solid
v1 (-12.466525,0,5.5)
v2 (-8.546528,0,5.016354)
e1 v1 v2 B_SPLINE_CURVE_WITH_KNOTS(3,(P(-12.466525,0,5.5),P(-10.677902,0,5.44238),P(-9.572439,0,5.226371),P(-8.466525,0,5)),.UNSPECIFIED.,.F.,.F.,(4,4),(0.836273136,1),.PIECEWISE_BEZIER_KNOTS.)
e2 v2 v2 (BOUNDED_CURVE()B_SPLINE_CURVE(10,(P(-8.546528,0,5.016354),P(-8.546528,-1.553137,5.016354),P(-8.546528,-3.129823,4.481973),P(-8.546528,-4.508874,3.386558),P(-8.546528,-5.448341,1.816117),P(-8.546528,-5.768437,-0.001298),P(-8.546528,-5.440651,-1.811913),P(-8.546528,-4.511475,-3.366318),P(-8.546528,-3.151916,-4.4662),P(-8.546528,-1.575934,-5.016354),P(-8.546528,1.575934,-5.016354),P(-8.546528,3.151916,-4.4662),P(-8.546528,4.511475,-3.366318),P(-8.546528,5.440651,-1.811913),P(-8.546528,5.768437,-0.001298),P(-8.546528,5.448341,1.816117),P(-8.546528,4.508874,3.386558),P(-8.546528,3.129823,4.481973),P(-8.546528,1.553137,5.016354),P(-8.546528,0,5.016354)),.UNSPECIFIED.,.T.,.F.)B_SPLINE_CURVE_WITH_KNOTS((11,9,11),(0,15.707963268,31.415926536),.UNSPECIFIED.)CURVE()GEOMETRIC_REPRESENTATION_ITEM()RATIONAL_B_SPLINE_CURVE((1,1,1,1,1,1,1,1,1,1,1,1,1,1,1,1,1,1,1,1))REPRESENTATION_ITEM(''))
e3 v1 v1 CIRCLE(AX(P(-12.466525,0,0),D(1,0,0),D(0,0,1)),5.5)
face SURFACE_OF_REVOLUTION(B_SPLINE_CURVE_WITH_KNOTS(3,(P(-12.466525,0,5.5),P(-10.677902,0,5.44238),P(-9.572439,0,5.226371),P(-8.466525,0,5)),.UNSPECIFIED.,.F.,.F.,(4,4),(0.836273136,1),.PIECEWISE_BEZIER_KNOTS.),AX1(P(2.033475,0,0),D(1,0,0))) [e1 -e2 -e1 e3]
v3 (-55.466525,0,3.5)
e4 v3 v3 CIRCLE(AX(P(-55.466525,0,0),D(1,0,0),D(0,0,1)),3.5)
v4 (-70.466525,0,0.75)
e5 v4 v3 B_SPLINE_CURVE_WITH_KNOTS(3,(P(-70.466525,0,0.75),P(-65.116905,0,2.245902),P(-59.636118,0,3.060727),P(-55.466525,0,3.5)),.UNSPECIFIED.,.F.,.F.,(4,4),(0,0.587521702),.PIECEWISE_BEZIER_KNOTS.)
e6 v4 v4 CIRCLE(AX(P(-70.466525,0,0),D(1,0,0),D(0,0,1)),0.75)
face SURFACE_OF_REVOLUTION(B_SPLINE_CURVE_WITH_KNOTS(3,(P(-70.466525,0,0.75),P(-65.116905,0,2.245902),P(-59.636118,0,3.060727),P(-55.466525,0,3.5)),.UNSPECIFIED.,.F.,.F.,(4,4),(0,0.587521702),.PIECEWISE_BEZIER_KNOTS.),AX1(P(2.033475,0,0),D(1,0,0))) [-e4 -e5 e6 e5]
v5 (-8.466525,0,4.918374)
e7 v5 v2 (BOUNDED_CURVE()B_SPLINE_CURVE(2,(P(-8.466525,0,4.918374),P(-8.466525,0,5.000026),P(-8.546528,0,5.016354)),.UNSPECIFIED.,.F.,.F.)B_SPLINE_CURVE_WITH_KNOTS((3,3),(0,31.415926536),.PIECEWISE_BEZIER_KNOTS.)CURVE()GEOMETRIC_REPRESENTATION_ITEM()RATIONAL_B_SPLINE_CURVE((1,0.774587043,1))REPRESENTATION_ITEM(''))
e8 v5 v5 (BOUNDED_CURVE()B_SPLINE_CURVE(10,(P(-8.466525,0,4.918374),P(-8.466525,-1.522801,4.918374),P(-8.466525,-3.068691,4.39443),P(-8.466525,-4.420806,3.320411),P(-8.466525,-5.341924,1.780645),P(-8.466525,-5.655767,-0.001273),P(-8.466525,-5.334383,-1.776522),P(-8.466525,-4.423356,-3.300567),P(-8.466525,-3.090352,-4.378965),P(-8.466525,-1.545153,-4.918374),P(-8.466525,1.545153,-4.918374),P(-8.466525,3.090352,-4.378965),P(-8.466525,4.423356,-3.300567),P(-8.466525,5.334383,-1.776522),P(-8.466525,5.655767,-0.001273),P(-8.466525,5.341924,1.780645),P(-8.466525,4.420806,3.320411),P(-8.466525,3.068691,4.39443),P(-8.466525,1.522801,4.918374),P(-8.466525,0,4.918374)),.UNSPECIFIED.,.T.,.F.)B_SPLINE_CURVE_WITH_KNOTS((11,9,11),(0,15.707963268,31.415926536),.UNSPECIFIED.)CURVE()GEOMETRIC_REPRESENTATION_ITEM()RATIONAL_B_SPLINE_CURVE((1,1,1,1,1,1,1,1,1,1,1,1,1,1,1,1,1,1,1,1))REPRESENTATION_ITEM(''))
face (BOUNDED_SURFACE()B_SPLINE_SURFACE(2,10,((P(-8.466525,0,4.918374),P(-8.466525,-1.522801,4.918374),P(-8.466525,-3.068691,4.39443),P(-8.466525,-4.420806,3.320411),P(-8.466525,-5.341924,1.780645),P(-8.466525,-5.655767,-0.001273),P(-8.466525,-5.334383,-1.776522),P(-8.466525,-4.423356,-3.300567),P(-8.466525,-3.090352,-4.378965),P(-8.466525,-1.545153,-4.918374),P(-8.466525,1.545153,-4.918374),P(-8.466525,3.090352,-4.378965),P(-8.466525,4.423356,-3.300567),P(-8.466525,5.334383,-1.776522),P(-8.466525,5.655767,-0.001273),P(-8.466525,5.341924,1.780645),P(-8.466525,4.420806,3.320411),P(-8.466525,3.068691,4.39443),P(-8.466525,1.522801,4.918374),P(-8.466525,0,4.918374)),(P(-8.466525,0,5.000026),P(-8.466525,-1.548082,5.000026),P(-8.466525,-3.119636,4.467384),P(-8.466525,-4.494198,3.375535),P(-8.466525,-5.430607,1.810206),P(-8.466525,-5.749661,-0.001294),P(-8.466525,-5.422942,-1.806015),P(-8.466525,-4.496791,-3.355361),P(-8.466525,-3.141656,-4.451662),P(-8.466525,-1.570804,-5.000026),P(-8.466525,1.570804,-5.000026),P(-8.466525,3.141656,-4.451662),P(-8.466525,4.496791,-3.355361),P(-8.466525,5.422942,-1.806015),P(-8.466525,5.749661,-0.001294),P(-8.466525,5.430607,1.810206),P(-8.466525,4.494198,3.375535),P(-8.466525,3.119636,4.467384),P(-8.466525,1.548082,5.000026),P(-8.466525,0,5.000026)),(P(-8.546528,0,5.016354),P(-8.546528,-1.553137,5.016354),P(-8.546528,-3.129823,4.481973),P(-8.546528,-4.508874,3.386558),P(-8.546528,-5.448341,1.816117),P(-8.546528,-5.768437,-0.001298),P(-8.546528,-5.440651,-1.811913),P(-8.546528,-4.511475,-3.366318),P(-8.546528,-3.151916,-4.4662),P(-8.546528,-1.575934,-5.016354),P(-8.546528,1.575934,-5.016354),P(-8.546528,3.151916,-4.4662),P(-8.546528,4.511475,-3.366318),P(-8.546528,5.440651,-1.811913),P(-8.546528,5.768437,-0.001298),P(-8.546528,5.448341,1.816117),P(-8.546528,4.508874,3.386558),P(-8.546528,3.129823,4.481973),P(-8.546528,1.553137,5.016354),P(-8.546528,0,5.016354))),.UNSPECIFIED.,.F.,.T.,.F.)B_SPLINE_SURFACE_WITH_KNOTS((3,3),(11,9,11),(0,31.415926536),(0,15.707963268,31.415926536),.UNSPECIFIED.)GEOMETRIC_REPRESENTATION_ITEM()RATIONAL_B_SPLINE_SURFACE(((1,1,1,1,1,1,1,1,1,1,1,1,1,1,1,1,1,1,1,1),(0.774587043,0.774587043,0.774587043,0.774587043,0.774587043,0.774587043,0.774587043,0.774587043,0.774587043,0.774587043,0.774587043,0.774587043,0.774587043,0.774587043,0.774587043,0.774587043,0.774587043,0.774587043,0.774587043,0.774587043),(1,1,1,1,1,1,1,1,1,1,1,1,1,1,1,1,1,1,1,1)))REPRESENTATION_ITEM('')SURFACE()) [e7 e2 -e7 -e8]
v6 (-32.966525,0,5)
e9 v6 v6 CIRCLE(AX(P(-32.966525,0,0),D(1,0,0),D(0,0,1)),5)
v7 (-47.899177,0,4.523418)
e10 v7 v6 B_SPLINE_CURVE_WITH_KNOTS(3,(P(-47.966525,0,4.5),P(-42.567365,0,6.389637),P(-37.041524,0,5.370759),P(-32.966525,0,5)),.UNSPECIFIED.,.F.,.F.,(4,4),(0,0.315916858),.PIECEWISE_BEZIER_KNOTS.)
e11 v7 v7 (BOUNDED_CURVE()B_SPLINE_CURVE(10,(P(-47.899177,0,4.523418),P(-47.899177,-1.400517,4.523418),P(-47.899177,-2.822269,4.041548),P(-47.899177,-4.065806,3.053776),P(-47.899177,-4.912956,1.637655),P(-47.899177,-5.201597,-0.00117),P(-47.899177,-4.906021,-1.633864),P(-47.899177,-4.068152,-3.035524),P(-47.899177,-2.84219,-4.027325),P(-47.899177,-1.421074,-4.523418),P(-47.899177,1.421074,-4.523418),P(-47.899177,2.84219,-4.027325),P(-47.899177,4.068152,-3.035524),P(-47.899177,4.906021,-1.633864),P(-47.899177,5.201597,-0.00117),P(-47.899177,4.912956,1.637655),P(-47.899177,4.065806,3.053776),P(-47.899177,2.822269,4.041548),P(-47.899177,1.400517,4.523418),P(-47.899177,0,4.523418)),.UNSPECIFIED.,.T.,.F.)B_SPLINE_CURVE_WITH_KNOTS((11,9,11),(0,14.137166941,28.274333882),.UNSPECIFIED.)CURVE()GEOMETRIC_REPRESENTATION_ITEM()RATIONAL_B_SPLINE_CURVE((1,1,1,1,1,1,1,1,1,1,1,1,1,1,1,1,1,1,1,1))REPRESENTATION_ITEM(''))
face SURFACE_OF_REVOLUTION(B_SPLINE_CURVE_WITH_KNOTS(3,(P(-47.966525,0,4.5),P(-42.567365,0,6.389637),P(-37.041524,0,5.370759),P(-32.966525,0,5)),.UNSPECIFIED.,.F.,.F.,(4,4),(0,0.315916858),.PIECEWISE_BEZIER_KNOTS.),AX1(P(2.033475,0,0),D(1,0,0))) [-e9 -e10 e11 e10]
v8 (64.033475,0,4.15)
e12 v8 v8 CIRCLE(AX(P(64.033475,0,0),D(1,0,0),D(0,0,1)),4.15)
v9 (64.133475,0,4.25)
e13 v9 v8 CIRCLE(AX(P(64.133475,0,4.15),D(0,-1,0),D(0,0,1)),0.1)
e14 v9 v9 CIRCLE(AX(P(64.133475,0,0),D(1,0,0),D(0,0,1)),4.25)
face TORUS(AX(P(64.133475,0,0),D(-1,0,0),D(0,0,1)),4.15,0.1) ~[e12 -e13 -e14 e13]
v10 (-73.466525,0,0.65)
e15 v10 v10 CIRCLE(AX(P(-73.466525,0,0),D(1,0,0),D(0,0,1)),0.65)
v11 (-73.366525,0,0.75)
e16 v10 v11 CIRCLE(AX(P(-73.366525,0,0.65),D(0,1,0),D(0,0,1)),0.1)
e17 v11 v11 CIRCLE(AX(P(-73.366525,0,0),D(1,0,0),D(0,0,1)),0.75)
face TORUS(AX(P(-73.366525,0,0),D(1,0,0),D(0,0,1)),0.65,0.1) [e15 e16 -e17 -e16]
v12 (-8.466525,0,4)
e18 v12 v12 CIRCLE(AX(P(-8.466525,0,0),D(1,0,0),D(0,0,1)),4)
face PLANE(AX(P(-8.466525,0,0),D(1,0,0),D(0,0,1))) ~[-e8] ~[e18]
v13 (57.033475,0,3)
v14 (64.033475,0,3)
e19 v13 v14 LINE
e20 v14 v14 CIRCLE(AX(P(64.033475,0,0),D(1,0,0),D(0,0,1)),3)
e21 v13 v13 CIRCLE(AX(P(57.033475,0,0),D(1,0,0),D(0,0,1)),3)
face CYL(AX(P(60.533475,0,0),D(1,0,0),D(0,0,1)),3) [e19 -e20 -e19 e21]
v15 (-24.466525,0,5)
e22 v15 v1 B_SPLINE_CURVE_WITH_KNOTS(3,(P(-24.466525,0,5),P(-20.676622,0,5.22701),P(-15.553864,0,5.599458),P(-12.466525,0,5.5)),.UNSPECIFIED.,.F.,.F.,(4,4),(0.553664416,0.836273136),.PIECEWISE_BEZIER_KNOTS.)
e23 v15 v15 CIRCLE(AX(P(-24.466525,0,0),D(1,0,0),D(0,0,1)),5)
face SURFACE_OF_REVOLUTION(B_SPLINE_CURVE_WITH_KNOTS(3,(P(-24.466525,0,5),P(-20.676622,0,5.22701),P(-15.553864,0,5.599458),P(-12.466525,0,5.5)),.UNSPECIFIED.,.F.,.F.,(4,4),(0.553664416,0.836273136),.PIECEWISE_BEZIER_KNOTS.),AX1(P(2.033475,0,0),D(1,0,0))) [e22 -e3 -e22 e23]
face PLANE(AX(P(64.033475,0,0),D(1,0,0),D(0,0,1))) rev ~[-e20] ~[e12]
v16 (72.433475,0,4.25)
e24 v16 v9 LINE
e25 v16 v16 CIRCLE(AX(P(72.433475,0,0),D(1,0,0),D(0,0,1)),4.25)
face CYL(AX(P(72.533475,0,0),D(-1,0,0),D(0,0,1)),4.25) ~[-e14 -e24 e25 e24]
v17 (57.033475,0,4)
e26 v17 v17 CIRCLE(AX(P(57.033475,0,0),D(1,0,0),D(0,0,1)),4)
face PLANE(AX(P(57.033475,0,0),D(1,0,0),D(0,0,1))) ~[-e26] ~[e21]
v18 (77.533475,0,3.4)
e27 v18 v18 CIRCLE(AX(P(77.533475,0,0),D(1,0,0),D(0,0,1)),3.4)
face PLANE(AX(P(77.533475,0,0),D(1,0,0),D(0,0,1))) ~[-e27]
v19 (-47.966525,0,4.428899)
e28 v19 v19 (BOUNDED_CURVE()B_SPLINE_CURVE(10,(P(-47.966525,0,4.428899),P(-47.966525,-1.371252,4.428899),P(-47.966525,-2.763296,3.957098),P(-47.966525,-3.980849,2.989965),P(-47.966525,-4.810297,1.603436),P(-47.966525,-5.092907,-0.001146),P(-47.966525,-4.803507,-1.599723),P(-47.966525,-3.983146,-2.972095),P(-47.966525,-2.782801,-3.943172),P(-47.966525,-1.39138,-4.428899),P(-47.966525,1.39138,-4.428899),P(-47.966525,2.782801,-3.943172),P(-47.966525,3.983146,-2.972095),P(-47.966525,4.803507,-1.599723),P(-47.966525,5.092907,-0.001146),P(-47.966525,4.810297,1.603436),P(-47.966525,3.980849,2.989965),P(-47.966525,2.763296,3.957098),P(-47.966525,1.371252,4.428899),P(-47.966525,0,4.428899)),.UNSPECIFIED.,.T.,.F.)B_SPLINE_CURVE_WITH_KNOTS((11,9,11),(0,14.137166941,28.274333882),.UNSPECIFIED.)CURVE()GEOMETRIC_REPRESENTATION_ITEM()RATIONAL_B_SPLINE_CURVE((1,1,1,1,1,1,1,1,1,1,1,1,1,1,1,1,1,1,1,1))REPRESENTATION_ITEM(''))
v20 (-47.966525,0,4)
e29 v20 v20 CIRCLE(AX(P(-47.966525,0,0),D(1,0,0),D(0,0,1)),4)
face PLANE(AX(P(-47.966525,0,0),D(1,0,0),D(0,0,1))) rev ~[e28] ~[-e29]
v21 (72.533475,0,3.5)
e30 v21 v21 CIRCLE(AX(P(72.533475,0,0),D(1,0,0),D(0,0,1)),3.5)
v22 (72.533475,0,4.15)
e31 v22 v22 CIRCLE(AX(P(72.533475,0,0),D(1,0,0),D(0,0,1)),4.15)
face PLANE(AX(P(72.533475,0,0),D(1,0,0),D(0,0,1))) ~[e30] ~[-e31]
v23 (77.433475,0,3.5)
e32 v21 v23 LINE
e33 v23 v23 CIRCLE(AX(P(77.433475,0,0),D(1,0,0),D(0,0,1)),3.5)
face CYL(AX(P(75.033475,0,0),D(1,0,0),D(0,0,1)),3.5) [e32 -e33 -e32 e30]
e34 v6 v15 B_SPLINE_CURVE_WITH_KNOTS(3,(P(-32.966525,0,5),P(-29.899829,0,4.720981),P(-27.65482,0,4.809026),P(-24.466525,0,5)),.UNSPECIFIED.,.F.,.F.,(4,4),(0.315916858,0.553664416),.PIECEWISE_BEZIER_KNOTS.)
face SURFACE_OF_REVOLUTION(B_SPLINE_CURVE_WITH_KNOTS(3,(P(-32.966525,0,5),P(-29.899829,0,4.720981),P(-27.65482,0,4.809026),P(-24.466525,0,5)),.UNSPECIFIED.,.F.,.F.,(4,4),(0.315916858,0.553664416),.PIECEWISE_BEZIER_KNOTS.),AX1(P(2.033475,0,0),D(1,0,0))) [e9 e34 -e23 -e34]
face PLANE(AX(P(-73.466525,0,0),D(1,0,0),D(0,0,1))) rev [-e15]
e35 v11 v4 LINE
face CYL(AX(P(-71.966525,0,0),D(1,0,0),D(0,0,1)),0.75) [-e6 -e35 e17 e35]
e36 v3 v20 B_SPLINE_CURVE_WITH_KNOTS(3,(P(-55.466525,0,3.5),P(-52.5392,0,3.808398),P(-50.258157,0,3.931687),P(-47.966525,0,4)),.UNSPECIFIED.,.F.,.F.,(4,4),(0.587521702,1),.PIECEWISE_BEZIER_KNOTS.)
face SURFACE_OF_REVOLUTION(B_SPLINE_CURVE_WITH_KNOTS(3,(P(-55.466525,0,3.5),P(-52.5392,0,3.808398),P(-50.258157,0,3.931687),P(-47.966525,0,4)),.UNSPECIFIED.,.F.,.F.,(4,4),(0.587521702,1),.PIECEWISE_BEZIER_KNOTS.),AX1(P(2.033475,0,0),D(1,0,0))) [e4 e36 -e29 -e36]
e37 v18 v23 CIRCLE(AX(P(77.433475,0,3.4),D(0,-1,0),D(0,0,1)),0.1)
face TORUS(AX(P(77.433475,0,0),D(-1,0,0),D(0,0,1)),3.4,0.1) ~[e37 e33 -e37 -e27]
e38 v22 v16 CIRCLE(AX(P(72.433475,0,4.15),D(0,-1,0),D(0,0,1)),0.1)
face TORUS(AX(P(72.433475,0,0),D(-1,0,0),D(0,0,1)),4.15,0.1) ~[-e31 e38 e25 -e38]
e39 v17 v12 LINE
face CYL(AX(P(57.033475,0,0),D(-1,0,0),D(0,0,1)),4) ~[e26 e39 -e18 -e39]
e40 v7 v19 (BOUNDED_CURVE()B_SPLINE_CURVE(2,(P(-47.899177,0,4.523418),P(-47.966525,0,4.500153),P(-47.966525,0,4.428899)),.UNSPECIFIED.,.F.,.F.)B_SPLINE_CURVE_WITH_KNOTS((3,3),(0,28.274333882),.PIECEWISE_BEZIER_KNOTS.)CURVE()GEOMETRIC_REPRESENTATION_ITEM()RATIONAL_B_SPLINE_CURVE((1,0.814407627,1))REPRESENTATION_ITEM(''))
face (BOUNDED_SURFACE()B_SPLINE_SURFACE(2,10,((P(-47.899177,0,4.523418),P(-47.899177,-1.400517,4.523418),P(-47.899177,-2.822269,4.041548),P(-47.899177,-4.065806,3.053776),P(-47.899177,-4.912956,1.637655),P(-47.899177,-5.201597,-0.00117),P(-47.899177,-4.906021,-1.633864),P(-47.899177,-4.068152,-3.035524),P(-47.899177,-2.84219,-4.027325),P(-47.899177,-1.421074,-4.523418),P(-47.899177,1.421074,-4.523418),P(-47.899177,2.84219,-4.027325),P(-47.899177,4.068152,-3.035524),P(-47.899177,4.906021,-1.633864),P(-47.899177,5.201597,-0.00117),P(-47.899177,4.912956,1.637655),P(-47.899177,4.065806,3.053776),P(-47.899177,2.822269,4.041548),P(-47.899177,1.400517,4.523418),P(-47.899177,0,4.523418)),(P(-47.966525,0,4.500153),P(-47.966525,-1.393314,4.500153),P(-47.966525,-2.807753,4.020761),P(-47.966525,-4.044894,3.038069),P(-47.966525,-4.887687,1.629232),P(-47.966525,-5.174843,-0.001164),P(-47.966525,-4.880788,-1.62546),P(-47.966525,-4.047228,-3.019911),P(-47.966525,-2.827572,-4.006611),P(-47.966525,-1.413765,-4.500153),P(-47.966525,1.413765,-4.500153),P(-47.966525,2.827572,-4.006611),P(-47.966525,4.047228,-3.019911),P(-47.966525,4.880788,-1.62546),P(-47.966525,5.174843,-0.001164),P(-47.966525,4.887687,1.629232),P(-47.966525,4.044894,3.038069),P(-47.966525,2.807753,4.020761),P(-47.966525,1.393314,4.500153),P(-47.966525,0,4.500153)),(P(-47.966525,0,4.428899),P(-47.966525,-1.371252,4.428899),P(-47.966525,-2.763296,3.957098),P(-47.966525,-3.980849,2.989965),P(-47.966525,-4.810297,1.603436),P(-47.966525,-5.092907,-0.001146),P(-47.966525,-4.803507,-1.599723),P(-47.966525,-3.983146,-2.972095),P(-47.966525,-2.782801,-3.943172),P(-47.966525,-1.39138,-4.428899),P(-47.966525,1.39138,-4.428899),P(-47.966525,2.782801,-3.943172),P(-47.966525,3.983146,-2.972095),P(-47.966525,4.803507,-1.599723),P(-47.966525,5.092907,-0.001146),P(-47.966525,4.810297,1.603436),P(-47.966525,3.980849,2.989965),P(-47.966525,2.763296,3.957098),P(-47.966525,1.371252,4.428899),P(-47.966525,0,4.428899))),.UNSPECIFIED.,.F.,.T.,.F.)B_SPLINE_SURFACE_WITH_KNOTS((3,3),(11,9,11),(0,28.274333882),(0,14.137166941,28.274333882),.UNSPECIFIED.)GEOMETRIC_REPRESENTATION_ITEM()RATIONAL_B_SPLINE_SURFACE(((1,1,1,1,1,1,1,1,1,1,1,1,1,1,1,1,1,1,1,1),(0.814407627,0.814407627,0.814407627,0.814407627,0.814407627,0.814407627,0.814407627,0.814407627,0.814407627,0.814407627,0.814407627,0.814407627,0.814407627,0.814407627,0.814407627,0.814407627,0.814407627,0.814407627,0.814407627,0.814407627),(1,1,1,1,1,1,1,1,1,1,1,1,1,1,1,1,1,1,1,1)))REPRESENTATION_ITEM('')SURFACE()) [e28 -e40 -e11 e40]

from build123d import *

# Parameters (mm, degrees)
F0_W   = 3
F0_H   = 0.75
F0_W_2 = 7
F0_H_2 = 3
F0_W_3 = 5
F0_H_3 = 3.5
F2_R   = 0.1


with BuildPart() as f1:
    # F0 (on Front) → F1 (revolve)
    with BuildSketch(Plane.XZ):
        with Locations((-71.9665248876, 0.375)):
            Rectangle(F0_W, F0_H)
        with BuildLine():
            Line((-70.4665248876, 0.75), (-70.4665248876, 0))
            Line((-70.4665248876, 0), (-55.4665248876, 0))
            Line((-55.4665248876, 0), (-55.4665248876, 3.5))
            add(Edge.make_bspline(
                [(-70.4665248876, 0.75), (-65.116904676, 2.2459016182), (-59.6361180256, 3.0607274392), (-55.4665248876, 3.5)],
                knots=[0, 0, 0, 0, 0.5875217021, 0.5875217021, 0.5875217021, 0.5875217021], degree=3))
        make_face()
        with BuildLine():
            Line((-55.4665248876, 3.5), (-55.4665248876, 0))
            Line((-55.4665248876, 0), (-47.9665248876, 0))
            Line((-47.9665248876, 0), (-47.9665248876, 4))
            add(Edge.make_bspline(
                [(-55.4665248876, 3.5), (-52.539200375, 3.8083977962), (-50.2581565405, 3.9316872821), (-47.9665248876, 4)],
                knots=[0.5875217021, 0.5875217021, 0.5875217021, 0.5875217021, 1, 1, 1, 1], degree=3))
        make_face()
        with BuildLine():
            Line((-47.9665248876, 4), (-47.9665248876, 0))
            Line((-47.9665248876, 0), (-32.9665248876, 0))
            Line((-32.9665248876, 0), (-32.9665248876, 5))
            add(Edge.make_bspline(
                [(-47.9665248876, 4.5), (-42.5673648715, 6.3896374777), (-37.0415236189, 5.3707585183), (-32.9665248876, 5)],
                knots=[0, 0, 0, 0, 0.3159168584, 0.3159168584, 0.3159168584, 0.3159168584], degree=3))
            Line((-47.9665248876, 4.5), (-47.9665248876, 4))
        make_face()
        with BuildLine():
            Line((-32.9665248876, 5), (-32.9665248876, 0))
            Line((-32.9665248876, 0), (-24.4665248876, 0))
            Line((-24.4665248876, 0), (-24.4665248876, 5))
            add(Edge.make_bspline(
                [(-32.9665248876, 5), (-29.8998287882, 4.7209805998), (-27.6548204176, 4.8090255814), (-24.4665248876, 5)],
                knots=[0.3159168584, 0.3159168584, 0.3159168584, 0.3159168584, 0.5536644164, 0.5536644164, 0.5536644164, 0.5536644164], degree=3))
        make_face()
        with BuildLine():
            Line((-24.4665248876, 5), (-24.4665248876, 0))
            Line((-24.4665248876, 0), (-12.4665248876, 0))
            Line((-12.4665248876, 0), (-12.4665248876, 5.5))
            add(Edge.make_bspline(
                [(-24.4665248876, 5), (-20.6766221646, 5.2270098435), (-15.5538644345, 5.5994579176), (-12.4665248876, 5.5)],
                knots=[0.5536644164, 0.5536644164, 0.5536644164, 0.5536644164, 0.8362731361, 0.8362731361, 0.8362731361, 0.8362731361], degree=3))
        make_face()
        with BuildLine():
            Line((-12.4665248876, 5.5), (-12.4665248876, 0))
            Line((-12.4665248876, 0), (-8.4665248876, 0))
            Line((-8.4665248876, 0), (-8.4665248876, 4))
            Line((-8.4665248876, 4), (-8.4665248876, 5))
            add(Edge.make_bspline(
                [(-12.4665248876, 5.5), (-10.6779020079, 5.4423799345), (-9.5724391153, 5.2263711438), (-8.4665248876, 5)],
                knots=[0.8362731361, 0.8362731361, 0.8362731361, 0.8362731361, 1, 1, 1, 1], degree=3))
        make_face()
        Polygon((-8.4665248876, 4), (-8.4665248876, 0), (57.0334751124, 0), (57.0334751124, 3), (57.0334751124, 4), align=None)
        with Locations((60.5334751124, 1.5)):
            Rectangle(F0_W_2, F0_H_2)
        Polygon((64.0334751124, 3), (64.0334751124, 0), (72.5334751124, 0), (72.5334751124, 3.5), (72.5334751124, 4.25), (64.0334751124, 4.25), align=None)
        with Locations((75.0334751124, 1.75)):
            Rectangle(F0_W_3, F0_H_3)
    revolve(axis=Axis((2.0334751124, 0, 0), (1, 0, 0)))

    # F2
    f2_edges = [f1.edges().sort_by_distance(p)[0] for p in [
        (-73.466525, 0, -0.75),
        (-47.966525, 0, -4.5),
        (-8.466525, 0, -5),
        (72.533475, 0, -4.25),
        (77.533475, 0, -3.5),
        (64.033475, 0, -4.25),
    ]]
    fillet(f2_edges, radius=F2_R)


solid = f1.part
